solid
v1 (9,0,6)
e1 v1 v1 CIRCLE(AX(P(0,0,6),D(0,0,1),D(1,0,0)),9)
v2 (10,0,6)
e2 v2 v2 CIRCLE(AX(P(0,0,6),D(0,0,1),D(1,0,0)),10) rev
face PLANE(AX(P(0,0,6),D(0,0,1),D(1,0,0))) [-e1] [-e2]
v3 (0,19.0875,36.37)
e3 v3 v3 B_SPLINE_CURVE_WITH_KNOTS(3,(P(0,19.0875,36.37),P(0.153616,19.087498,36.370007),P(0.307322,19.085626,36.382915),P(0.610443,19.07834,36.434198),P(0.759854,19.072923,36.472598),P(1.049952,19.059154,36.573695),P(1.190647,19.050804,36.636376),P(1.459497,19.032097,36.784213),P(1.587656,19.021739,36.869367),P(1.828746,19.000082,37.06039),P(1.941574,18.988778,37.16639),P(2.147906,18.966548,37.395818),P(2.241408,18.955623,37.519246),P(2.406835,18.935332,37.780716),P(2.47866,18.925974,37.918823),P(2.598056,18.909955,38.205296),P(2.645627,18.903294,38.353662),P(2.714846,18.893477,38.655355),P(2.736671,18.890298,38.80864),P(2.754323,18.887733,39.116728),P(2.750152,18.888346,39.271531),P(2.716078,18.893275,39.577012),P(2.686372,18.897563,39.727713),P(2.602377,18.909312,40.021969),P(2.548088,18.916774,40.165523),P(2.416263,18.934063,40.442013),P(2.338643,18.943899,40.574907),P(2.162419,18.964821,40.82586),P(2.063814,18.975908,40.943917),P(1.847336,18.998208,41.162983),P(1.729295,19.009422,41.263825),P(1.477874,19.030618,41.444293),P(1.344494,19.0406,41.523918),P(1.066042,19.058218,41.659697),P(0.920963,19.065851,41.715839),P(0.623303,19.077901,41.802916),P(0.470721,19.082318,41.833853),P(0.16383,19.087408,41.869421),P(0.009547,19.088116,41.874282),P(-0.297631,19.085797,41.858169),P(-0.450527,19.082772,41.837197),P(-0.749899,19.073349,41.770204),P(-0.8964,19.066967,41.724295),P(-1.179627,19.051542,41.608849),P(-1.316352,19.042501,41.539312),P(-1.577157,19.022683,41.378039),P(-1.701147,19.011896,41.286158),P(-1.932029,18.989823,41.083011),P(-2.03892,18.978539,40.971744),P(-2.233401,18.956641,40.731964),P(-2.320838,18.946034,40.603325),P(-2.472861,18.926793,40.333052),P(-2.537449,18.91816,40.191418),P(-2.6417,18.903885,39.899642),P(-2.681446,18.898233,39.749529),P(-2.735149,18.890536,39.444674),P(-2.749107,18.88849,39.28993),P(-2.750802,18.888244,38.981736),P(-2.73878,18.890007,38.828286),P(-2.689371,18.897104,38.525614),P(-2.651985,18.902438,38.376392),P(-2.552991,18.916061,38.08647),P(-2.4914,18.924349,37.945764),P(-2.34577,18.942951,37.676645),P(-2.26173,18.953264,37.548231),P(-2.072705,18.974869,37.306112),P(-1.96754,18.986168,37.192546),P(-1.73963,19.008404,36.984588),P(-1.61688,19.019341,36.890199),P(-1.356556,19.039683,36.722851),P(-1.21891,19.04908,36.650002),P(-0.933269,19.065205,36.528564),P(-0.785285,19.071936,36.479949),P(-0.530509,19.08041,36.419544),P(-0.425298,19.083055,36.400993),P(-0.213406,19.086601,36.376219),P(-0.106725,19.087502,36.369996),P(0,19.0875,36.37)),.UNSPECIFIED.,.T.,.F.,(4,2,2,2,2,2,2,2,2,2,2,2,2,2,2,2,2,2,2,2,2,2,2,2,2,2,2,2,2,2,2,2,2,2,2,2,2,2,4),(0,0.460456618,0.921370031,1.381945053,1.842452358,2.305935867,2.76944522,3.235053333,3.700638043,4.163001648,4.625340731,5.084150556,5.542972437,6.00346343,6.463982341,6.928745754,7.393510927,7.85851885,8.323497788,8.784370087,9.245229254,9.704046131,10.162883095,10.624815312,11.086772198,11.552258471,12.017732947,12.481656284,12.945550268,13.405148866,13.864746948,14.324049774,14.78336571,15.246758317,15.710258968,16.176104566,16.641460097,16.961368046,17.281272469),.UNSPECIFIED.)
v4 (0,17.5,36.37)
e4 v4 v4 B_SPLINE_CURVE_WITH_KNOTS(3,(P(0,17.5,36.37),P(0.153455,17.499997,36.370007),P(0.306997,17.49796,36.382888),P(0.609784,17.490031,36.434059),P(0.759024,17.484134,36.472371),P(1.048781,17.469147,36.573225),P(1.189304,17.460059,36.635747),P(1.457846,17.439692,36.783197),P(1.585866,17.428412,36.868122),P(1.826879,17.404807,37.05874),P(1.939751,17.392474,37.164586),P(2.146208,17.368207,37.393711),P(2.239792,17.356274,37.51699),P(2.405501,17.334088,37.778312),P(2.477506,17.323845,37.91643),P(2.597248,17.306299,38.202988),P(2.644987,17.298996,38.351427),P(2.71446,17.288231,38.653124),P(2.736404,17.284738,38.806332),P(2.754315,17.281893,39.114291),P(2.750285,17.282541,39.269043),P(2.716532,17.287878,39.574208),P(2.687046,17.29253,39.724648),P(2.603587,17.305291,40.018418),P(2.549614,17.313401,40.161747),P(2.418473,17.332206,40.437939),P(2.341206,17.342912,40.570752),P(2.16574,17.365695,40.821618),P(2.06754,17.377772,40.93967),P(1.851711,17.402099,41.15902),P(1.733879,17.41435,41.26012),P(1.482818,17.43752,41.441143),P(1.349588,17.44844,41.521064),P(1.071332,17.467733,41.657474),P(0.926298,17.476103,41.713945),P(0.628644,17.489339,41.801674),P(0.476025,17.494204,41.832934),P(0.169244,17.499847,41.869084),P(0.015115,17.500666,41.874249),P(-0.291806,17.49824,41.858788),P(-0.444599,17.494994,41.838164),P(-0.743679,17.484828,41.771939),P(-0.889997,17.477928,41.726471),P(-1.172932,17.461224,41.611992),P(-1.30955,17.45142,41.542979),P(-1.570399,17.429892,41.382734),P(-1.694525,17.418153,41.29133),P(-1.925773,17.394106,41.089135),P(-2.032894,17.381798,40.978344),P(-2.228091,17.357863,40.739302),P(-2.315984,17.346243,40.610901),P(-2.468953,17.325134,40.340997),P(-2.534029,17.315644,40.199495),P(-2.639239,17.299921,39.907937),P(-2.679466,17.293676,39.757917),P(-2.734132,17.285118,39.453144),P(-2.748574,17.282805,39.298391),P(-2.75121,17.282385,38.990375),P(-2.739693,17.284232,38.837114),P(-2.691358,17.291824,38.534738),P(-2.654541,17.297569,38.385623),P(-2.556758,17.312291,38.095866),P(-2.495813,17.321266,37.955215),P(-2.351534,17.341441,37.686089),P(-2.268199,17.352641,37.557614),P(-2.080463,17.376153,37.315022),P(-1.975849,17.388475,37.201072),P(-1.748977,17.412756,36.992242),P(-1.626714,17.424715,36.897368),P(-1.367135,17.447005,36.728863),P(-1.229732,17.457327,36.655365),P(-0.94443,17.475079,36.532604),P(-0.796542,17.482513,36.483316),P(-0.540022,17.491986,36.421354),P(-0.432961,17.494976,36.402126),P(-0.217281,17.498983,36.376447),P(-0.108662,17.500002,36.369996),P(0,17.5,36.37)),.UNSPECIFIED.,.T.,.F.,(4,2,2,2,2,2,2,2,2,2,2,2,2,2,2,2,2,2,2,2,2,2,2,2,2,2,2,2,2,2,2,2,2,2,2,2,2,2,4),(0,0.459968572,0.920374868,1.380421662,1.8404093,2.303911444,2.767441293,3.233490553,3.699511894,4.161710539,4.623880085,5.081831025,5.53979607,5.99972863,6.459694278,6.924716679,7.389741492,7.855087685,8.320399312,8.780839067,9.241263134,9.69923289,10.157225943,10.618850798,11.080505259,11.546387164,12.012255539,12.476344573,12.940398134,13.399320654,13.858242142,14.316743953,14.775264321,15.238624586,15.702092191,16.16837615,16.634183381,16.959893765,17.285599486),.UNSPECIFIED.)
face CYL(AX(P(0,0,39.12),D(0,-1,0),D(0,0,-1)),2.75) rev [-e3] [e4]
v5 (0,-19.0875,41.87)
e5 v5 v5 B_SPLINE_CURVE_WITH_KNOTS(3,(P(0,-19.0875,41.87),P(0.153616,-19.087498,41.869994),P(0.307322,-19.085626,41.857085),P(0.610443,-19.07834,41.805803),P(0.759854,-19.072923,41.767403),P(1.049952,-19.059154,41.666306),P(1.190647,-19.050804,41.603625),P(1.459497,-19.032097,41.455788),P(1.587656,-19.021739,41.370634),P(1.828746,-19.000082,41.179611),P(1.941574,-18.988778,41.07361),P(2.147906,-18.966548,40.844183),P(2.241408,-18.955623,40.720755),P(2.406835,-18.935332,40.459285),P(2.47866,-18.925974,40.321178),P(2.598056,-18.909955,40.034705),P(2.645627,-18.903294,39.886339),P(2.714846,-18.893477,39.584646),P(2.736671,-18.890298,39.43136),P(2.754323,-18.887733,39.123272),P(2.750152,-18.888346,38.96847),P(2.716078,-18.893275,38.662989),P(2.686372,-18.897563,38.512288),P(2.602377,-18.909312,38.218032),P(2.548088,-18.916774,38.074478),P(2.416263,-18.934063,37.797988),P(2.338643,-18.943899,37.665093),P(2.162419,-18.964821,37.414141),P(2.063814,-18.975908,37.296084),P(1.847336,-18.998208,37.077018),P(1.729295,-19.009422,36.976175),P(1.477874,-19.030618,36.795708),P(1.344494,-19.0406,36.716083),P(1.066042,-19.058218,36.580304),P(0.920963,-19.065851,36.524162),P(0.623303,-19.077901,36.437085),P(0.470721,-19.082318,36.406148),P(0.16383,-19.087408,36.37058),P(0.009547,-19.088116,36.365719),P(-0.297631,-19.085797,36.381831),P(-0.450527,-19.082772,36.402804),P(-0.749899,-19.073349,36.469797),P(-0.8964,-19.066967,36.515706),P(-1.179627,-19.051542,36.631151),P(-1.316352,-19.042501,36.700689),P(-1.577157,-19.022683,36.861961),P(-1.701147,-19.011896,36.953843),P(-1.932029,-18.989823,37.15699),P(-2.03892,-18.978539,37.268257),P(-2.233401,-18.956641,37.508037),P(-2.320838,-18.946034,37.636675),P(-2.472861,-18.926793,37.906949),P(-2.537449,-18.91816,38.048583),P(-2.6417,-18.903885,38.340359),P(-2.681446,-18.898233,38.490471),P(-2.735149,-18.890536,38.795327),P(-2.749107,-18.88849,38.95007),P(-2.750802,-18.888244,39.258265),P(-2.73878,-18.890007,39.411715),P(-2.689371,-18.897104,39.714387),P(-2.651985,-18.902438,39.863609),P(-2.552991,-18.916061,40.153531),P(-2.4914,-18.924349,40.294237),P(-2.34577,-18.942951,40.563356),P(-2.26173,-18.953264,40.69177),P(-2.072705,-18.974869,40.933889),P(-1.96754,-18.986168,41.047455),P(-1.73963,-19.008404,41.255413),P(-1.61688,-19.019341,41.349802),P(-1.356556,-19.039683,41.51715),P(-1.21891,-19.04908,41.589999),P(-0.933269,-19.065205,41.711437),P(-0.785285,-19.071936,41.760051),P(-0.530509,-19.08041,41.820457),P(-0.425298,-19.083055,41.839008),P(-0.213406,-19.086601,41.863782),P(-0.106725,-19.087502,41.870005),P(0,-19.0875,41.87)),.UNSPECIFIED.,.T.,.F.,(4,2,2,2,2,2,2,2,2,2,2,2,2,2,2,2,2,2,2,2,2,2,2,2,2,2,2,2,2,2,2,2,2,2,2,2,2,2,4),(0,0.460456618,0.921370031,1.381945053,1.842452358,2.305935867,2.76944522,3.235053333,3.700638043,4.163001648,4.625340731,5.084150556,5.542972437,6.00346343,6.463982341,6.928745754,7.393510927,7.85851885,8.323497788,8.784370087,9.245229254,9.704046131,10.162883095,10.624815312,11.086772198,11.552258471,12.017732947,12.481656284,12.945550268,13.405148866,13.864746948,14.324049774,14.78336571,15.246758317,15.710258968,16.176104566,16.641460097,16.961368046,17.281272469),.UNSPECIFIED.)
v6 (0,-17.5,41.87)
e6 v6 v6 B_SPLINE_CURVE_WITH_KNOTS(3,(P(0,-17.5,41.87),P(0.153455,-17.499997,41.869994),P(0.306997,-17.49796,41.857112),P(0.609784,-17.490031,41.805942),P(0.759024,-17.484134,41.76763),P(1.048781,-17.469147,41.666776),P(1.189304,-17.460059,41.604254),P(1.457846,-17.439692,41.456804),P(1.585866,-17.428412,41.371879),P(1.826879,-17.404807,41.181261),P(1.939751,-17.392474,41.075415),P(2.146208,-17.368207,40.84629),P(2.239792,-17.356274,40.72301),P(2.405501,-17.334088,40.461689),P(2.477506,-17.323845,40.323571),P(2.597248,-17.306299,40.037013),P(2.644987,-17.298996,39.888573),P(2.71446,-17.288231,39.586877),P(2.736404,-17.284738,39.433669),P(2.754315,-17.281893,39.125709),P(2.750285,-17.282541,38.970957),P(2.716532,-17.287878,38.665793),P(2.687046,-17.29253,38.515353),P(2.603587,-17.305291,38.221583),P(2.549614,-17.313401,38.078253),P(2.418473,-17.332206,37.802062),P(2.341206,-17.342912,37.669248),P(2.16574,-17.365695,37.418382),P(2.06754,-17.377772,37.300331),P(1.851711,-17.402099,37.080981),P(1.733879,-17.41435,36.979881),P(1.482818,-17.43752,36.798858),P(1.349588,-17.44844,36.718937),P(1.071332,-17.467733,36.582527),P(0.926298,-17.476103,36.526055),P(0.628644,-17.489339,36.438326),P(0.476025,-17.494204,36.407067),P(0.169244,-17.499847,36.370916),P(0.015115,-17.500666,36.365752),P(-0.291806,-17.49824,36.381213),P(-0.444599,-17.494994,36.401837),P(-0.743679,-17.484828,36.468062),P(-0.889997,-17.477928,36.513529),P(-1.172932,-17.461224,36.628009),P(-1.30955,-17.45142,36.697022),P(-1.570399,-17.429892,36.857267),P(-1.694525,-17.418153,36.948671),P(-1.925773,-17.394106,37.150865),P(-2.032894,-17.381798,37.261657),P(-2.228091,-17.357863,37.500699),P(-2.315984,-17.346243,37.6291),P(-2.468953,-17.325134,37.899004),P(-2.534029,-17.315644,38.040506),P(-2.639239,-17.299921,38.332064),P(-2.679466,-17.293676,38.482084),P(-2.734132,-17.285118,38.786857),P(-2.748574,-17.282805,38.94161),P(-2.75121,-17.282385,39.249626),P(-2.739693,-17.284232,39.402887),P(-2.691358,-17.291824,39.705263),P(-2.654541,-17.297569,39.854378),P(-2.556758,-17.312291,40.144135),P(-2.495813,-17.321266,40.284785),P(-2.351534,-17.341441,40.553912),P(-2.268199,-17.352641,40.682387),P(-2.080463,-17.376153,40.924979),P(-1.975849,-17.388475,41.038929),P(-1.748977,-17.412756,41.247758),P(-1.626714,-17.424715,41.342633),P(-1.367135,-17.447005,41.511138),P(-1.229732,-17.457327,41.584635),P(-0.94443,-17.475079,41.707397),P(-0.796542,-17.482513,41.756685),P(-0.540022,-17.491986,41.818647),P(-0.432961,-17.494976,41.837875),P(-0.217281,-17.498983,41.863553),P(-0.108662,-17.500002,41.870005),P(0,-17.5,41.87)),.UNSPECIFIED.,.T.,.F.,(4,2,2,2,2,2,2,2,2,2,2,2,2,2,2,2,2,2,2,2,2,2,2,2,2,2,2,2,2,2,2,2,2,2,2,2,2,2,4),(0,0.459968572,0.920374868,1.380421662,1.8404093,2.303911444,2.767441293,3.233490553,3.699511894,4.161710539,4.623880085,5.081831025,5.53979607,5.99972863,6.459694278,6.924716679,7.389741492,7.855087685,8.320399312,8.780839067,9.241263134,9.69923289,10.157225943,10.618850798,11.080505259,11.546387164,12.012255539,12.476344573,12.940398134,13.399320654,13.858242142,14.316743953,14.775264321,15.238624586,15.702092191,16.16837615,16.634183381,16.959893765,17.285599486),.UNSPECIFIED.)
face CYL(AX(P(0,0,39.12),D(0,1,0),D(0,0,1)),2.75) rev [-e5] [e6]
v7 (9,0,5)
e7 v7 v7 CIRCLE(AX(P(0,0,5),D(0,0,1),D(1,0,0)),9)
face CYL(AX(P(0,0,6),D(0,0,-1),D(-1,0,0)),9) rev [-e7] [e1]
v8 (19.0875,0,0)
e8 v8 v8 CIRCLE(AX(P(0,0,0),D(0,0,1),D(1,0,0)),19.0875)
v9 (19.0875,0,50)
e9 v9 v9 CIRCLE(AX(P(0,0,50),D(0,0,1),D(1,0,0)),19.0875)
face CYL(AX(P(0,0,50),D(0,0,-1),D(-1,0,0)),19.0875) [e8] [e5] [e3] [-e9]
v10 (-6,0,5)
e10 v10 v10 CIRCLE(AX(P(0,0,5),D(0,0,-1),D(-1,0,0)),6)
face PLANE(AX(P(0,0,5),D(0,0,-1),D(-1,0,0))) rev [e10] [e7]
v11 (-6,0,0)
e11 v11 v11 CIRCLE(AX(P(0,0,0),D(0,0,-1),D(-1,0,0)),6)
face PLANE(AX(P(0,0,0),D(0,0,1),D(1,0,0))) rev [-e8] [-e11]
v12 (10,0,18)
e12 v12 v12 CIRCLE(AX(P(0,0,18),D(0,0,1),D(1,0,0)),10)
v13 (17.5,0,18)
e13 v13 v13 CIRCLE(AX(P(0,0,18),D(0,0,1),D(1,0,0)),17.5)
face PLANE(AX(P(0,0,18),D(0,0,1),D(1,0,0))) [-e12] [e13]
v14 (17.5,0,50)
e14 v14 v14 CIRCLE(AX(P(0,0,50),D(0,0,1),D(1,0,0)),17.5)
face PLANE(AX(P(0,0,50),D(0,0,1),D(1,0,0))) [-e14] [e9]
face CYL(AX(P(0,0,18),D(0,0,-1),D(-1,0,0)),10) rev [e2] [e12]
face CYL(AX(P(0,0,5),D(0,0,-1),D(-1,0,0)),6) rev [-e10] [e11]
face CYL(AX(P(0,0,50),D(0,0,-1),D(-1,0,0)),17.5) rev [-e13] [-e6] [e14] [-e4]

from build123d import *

# Parameters (mm, degrees)
SKETCH1_R           = 19.0875
SKETCH1_R_2         = 17.5
BOSS_EXTRUDE1_DEPTH = 50
SKETCH2_R           = 17.5
SKETCH2_R_2         = 6
BOSS_EXTRUDE2_DEPTH = 5
SKETCH3_R           = 17.5
SKETCH3_R_2         = 9
BOSS_EXTRUDE3_DEPTH = 1
SKETCH4_R           = 17.5
SKETCH4_R_2         = 10
BOSS_EXTRUDE4_DEPTH = 12
SKETCH7_W           = 2.75
SKETCH7_H           = 19.0875


with BuildPart() as part:
    # Sketch1 → Boss-Extrude1 (new body)
    with BuildSketch(Plane.XY):
        Circle(SKETCH1_R)
        Circle(SKETCH1_R_2, mode=Mode.SUBTRACT)
    extrude(amount=BOSS_EXTRUDE1_DEPTH)

    # Sketch2 → Boss-Extrude2 (add)
    with BuildSketch(Plane(origin=(0, 0, 0), x_dir=(-1, 0, 0), z_dir=(0, 0, -1))):
        Circle(SKETCH2_R)
        Circle(SKETCH2_R_2, mode=Mode.SUBTRACT)
    extrude(amount=-BOSS_EXTRUDE2_DEPTH)

    # Sketch3 → Boss-Extrude3 (add)
    with BuildSketch(Plane.XY.offset(5)):
        Circle(SKETCH3_R)
        Circle(SKETCH3_R_2, mode=Mode.SUBTRACT)
    extrude(amount=BOSS_EXTRUDE3_DEPTH)

    # Sketch4 → Boss-Extrude4 (add)
    with BuildSketch(Plane.XY.offset(6)):
        Circle(SKETCH4_R)
        Circle(SKETCH4_R_2, mode=Mode.SUBTRACT)
    extrude(amount=BOSS_EXTRUDE4_DEPTH)

    # Sketch7 → M5 Clearance Hole1 (revolve, cut)
    with BuildSketch(Plane(origin=(0, 0, 39.120000392), x_dir=(0, 0, -1), z_dir=(1, 0, 0))):
        with Locations((1.375, 9.54375)):
            Rectangle(SKETCH7_W, SKETCH7_H)
    m5_clearance_hole1 = revolve(axis=Axis((0, -6.35, 39.120000392), (0, 1, 0)), mode=Mode.SUBTRACT)

    # Mirror1: M5 Clearance Hole1 across plane
    add(m5_clearance_hole1.mirror(Plane.ZX), mode=Mode.SUBTRACT)


solid = part.part
